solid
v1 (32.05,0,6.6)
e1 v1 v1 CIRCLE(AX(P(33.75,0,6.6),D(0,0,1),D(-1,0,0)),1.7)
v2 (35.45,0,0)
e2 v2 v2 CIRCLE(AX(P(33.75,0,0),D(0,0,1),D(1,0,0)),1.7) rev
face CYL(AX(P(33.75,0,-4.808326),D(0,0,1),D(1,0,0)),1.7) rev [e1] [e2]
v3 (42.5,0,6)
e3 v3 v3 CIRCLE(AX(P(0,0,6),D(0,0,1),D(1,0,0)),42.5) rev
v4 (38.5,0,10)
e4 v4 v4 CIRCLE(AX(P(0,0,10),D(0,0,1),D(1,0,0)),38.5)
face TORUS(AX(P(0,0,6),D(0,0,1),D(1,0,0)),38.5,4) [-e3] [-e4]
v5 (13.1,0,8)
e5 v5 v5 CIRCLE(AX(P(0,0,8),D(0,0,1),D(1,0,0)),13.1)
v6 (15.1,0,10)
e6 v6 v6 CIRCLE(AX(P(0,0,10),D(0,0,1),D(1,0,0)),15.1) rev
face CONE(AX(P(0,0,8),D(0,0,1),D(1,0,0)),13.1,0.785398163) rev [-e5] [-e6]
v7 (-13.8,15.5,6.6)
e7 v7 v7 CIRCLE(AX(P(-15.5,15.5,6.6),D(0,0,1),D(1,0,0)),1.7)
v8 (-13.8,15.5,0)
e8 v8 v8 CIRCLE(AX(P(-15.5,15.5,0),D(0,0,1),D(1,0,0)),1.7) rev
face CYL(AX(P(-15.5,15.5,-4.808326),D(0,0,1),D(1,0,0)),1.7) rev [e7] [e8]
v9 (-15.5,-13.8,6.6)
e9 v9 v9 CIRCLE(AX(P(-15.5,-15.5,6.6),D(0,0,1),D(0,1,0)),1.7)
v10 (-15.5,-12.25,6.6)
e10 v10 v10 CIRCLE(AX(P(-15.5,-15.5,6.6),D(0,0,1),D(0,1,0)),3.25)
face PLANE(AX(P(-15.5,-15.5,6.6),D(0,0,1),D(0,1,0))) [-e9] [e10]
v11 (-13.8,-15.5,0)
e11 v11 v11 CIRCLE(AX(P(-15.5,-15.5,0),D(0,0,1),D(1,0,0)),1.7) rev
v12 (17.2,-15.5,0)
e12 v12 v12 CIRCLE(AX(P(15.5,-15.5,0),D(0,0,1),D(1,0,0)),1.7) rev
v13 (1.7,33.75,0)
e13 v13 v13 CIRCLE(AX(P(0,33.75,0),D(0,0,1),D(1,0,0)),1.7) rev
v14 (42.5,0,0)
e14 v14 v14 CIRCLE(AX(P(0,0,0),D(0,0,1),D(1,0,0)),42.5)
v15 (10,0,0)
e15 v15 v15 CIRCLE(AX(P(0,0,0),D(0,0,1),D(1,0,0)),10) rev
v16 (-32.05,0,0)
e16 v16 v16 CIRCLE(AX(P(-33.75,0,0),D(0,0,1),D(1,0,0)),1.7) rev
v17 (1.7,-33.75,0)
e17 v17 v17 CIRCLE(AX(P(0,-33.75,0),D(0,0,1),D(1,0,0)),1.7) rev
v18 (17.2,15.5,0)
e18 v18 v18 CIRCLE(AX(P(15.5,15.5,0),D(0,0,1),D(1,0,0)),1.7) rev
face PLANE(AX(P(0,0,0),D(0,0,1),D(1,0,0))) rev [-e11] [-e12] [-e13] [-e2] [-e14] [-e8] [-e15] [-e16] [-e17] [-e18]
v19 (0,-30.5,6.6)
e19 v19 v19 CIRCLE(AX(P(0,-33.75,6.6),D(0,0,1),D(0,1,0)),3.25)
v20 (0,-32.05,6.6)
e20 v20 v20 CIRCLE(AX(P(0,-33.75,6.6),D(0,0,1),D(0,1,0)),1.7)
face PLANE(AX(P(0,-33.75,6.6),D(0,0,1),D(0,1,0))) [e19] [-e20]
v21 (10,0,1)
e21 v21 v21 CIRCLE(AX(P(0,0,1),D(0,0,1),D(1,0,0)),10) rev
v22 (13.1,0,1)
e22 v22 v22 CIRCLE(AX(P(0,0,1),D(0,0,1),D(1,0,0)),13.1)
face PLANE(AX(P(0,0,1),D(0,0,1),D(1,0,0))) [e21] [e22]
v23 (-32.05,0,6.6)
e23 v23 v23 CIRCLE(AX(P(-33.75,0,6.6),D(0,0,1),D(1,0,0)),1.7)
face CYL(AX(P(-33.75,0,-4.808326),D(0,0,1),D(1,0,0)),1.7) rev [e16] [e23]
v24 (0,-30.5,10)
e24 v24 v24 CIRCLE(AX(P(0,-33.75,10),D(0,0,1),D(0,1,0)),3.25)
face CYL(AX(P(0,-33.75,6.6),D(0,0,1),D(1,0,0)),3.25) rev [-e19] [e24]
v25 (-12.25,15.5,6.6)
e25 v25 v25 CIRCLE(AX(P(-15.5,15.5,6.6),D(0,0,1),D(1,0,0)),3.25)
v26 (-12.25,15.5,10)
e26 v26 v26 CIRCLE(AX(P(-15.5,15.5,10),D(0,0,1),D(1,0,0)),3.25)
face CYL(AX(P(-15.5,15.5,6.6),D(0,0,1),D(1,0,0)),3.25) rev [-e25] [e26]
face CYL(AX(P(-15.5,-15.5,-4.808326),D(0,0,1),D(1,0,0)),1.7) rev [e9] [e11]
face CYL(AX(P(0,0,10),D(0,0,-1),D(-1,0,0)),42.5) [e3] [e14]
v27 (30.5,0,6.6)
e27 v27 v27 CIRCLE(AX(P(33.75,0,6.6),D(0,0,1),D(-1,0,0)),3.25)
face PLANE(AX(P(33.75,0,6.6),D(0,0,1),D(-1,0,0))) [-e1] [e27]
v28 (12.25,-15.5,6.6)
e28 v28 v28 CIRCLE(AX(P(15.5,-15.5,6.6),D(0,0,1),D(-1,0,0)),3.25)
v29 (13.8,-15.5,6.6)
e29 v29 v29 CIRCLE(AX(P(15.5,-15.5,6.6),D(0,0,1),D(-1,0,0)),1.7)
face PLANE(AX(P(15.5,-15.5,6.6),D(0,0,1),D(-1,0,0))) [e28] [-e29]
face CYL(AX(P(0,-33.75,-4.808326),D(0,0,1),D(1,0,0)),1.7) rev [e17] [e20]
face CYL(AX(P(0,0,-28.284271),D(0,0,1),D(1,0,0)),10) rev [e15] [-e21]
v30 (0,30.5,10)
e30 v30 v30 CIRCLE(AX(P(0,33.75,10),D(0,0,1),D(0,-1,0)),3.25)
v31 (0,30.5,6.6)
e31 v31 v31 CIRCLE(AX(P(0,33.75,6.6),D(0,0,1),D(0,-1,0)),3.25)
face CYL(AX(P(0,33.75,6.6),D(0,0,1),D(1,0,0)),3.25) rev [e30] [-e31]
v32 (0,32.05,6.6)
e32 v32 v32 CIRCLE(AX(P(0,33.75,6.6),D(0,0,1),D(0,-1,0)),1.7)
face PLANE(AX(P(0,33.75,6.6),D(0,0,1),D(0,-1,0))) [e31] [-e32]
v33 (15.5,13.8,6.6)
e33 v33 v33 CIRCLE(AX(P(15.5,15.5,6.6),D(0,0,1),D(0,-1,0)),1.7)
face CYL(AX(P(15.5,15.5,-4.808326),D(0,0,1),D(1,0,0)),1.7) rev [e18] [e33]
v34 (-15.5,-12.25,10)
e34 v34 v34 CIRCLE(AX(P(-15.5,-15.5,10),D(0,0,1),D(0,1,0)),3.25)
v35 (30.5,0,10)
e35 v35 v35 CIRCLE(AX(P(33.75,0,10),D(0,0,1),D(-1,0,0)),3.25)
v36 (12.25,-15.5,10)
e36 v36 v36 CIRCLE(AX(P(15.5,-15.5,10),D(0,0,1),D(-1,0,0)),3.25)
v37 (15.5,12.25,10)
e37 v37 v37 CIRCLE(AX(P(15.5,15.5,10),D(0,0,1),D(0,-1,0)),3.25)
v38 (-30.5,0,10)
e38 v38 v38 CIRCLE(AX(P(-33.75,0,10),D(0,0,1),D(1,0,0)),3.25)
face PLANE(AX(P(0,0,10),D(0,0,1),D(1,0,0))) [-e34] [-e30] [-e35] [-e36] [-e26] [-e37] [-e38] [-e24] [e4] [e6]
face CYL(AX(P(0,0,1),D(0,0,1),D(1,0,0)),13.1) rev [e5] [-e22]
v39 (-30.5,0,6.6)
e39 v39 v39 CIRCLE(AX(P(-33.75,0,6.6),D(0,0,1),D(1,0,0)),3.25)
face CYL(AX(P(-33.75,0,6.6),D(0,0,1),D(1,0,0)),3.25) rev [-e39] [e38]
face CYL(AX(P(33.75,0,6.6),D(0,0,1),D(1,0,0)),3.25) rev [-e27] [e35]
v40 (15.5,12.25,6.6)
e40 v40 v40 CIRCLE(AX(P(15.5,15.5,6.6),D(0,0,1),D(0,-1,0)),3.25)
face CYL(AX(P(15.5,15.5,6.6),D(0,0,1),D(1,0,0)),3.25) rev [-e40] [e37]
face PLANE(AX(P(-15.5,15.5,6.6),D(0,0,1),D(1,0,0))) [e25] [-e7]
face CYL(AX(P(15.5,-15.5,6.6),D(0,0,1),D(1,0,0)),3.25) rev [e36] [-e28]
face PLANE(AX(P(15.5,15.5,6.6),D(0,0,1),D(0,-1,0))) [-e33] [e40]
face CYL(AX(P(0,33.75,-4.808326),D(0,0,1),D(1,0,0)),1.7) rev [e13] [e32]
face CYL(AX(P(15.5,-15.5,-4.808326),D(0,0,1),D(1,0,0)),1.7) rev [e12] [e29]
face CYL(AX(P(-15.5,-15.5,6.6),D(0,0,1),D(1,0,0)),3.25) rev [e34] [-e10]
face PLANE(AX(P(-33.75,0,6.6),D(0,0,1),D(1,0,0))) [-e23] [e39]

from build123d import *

# Parameters (mm, degrees)
SKIZZE3_R                       = 42.5
AUFSATZ_LINEAR_AUSTRAGEN1_DEPTH = 10
SKIZZE4_R                       = 10
SCHNITT_LINEAR_AUSTRAGEN1_DEPTH = 10
SKIZZE5_R                       = 3.25
SCHNITT_LINEAR_AUSTRAGEN3_DEPTH = 3.4
SKIZZE6_R                       = 1.7
SCHNITT_LINEAR_AUSTRAGEN4_DEPTH = 6.6
KREISMUSTER1_COUNT              = 4
SKIZZE7_R                       = 13.1
SCHNITT_LINEAR_AUSTRAGEN5_DEPTH = 9
VERRUNDUNG1_R                   = 4
FASE1_SIZE                      = 2


with BuildPart() as part:
    # Skizze3 → Aufsatz-Linear austragen1 (new body)
    with BuildSketch(Plane.XY):
        Circle(SKIZZE3_R)
    extrude(amount=AUFSATZ_LINEAR_AUSTRAGEN1_DEPTH)

    # Skizze4 → Schnitt-Linear austragen1 (cut)
    with BuildSketch(Plane.XY.offset(10)):
        Circle(SKIZZE4_R)
    extrude(amount=-SCHNITT_LINEAR_AUSTRAGEN1_DEPTH, mode=Mode.SUBTRACT)

    # Skizze5 → Schnitt-Linear austragen3 (cut)
    with BuildSketch(Plane.XY.offset(10)):
        with Locations((-15.5, 15.5)):
            Circle(SKIZZE5_R)
        with Locations((-33.75, 0)):
            Circle(SKIZZE5_R)
    schnitt_linear_austragen3 = extrude(amount=-SCHNITT_LINEAR_AUSTRAGEN3_DEPTH, mode=Mode.SUBTRACT)

    # Skizze6 → Schnitt-Linear austragen4 (cut)
    with BuildSketch(Plane.XY.offset(6.6)):
        with Locations((-15.5, 15.5)):
            Circle(SKIZZE6_R)
        with Locations((-33.75, 0)):
            Circle(SKIZZE6_R)
    schnitt_linear_austragen4 = extrude(amount=-SCHNITT_LINEAR_AUSTRAGEN4_DEPTH, mode=Mode.SUBTRACT)

    # Kreismuster1: Schnitt-Linear austragen3, Schnitt-Linear austragen4 ×4 about axis
    kreismuster1_axis = Axis((0, 0, 0), (0, 0, 1))
    add([schnitt_linear_austragen3.rotate(kreismuster1_axis, i * 360 / KREISMUSTER1_COUNT) for i in range(1, KREISMUSTER1_COUNT)], mode=Mode.SUBTRACT)
    add([schnitt_linear_austragen4.rotate(kreismuster1_axis, i * 360 / KREISMUSTER1_COUNT) for i in range(1, KREISMUSTER1_COUNT)], mode=Mode.SUBTRACT)

    # Skizze7 → Schnitt-Linear austragen5 (cut)
    with BuildSketch(Plane.XY.offset(10)):
        Circle(SKIZZE7_R)
    extrude(amount=-SCHNITT_LINEAR_AUSTRAGEN5_DEPTH, mode=Mode.SUBTRACT)

    # Verrundung1
    verrundung1_edges = [part.edges().sort_by_distance(p)[0] for p in [
        (-42.5, 0, 10),
    ]]
    fillet(verrundung1_edges, radius=VERRUNDUNG1_R)

    # Fase1
    fase1_edges = [part.edges().sort_by_distance(p)[0] for p in [
        (-13.1, 0, 10),
    ]]
    chamfer(fase1_edges, length=FASE1_SIZE)


solid = part.part
